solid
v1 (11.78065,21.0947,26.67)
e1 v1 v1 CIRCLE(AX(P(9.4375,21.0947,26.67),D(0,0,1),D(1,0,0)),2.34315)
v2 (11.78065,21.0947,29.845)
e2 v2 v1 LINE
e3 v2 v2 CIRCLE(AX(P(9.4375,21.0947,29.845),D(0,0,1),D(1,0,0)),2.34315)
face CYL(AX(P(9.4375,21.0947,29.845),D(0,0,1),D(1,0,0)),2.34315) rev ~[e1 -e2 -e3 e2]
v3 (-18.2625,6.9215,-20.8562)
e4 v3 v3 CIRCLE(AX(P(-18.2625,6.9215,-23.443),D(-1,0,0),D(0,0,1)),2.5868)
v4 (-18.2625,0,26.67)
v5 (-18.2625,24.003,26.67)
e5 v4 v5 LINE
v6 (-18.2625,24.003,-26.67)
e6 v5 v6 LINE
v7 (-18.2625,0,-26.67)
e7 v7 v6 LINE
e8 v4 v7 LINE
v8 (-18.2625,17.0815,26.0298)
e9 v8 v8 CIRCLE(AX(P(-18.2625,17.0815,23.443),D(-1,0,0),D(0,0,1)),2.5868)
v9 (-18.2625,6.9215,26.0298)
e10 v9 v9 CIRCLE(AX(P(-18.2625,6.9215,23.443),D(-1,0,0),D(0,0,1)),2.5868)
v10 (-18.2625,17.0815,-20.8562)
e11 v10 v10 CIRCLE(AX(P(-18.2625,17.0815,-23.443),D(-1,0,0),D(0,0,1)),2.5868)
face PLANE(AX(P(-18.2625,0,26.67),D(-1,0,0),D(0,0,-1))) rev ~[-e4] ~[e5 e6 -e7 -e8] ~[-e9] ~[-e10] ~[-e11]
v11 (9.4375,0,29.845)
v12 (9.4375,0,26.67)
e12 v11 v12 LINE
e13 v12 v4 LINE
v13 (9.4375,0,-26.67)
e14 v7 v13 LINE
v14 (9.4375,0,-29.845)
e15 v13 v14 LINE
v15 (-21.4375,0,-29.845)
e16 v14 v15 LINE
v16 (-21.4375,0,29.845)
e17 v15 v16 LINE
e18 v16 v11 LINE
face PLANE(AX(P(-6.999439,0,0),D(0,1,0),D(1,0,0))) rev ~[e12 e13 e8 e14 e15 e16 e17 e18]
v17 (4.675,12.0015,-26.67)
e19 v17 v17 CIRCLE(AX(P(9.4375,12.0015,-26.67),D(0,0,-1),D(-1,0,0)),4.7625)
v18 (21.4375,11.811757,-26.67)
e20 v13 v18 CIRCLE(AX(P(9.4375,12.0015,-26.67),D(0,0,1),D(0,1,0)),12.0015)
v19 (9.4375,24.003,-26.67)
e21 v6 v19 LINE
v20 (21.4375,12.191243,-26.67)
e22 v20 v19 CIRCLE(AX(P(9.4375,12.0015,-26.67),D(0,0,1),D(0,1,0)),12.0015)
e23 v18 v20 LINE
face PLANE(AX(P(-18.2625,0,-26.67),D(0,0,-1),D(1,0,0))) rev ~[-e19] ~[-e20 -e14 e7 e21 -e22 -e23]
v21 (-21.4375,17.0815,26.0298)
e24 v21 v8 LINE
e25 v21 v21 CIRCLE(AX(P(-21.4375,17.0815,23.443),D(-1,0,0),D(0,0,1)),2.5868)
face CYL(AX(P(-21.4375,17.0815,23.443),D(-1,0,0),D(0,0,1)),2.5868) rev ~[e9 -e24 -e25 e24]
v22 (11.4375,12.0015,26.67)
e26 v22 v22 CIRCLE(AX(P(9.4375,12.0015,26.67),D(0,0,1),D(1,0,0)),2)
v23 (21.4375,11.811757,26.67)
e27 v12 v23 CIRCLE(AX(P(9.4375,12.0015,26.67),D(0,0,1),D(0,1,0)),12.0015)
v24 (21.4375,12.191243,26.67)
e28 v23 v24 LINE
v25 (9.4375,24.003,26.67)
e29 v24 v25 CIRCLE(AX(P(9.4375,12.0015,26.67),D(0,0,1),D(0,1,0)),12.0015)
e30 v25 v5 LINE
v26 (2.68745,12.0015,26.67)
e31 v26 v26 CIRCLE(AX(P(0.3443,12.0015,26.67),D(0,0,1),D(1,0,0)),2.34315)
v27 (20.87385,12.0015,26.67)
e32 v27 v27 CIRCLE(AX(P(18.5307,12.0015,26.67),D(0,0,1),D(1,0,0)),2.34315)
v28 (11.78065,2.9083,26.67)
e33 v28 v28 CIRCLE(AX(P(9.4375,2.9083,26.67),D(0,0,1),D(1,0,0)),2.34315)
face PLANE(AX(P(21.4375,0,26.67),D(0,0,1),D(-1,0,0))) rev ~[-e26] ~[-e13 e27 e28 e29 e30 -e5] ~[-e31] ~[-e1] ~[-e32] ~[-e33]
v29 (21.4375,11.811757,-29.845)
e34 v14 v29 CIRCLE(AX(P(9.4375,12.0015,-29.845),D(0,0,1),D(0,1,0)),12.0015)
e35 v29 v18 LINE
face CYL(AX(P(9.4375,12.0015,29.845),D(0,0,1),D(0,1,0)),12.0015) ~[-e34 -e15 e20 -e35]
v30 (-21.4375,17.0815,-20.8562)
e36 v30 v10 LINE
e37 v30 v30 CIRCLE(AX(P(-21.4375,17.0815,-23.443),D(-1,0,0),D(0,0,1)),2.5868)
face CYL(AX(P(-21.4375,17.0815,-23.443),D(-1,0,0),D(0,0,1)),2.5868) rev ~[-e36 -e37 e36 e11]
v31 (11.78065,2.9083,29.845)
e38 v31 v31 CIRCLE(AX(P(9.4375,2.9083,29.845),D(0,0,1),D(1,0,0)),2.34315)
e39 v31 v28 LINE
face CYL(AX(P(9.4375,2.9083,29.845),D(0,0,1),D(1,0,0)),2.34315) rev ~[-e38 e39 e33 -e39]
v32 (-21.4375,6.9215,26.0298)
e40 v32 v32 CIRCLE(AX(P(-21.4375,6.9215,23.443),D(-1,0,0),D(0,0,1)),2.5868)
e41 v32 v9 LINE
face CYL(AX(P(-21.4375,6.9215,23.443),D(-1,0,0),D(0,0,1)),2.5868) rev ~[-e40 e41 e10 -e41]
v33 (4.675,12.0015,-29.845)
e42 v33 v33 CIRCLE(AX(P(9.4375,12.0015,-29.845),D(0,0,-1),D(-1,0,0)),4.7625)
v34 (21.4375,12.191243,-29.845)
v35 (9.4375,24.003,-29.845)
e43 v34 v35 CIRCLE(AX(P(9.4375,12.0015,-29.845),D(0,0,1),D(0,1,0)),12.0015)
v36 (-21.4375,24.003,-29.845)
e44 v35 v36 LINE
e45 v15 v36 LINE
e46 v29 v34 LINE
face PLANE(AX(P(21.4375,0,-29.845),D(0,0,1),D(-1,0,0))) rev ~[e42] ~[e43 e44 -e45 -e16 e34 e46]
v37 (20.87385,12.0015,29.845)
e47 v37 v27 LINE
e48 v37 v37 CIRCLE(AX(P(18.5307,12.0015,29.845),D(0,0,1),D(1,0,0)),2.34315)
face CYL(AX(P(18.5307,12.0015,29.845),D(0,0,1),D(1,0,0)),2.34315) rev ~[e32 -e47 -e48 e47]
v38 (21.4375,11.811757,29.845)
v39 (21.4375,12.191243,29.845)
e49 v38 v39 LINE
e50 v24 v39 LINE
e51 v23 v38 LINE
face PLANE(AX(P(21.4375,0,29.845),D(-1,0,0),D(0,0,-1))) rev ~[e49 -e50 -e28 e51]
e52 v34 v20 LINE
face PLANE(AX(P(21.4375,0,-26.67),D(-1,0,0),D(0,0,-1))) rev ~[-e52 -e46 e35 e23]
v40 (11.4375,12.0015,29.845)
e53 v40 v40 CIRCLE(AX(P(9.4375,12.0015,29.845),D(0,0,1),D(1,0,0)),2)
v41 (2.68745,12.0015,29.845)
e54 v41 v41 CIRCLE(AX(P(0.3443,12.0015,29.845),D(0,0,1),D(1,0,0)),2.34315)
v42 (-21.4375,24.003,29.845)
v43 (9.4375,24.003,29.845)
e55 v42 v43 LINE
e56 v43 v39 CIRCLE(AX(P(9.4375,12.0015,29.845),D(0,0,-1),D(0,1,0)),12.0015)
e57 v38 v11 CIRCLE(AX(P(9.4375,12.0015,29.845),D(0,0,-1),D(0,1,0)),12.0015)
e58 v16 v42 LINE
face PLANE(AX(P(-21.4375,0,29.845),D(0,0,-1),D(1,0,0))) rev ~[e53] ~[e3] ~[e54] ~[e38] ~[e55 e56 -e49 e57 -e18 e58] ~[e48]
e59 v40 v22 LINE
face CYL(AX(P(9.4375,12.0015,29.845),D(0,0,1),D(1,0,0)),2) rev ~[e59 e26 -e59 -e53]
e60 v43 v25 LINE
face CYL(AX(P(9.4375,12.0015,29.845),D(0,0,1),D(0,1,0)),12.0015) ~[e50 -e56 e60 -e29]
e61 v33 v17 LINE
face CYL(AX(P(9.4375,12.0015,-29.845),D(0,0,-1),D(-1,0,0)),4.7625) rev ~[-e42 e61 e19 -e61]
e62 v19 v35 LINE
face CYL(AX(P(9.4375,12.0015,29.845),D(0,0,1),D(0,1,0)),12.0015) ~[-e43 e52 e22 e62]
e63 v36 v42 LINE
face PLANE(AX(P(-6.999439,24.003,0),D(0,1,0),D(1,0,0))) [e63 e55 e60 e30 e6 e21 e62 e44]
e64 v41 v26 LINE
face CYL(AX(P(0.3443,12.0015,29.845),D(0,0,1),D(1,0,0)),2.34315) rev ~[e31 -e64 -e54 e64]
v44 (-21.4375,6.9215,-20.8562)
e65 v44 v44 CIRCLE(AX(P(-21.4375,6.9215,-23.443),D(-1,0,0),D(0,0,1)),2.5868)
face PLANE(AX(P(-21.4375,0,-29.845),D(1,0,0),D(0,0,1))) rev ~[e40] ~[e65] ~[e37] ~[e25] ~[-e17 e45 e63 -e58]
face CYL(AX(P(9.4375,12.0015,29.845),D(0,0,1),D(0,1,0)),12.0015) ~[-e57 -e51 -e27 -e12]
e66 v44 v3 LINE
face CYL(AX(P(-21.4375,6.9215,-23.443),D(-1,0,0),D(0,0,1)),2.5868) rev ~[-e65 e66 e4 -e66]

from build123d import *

# Parameters (mm, degrees)
BOSS_EXTRUDE1_DEPTH = 24.003
CUT_EXTRUDE1_DEPTH  = 68.813026147
CUT_EXTRUDE2_REACH  = 69.813
SKETCH3_R           = 2
SKETCH3_R_2         = 2.34315
CUT_EXTRUDE3_REACH  = 69.813
SKETCH4_R           = 4.7625
CUT_EXTRUDE4_REACH  = 59.49
SKETCH5_R           = 2.5868


with BuildPart() as part:
    # Sketch1 → Boss-Extrude1 (new body)
    with BuildSketch(Plane(origin=(0, 0, 0), x_dir=(1, 0, 0), z_dir=(0, 1, 0))):
        Polygon((-21.4375, -29.845), (21.4375, -29.845), (21.4375, -26.67), (-18.2625, -26.67), (-18.2625, 26.67), (21.4375, 26.67), (21.4375, 29.845), (-21.4375, 29.845), align=None)
    extrude(amount=BOSS_EXTRUDE1_DEPTH)

    # Sketch2 → Cut-Extrude1 (cut, through all)
    with BuildSketch(Plane.XY.offset(29.845)):
        with BuildLine():
            Line((112.499618931, 24.003), (15.0875, 24.003))
            Line((15.0875, 24.003), (9.4375, 24.003))
            ThreePointArc((9.4375, 24.003), (21.439, 12.0015), (9.4375, 0))
            Line((9.4375, 0), (15.0875, 0))
            Line((15.0875, 0), (112.499618931, 0))
            Line((112.499618931, 0), (307.323856793, 0))
            Line((307.323856793, 0), (307.323856793, 24.003))
            Line((307.323856793, 24.003), (112.499618931, 24.003))
        make_face()
    extrude(amount=-CUT_EXTRUDE1_DEPTH, mode=Mode.SUBTRACT)

    # Sketch3 → Cut-Extrude2 (cut, up to next)
    with BuildSketch(Plane.XY.offset(29.845), mode=Mode.PRIVATE) as cut_extrude2_sk1:
        with Locations((9.4375, 12.0015)):
            Circle(SKETCH3_R)
    cut_extrude2_tool1 = extrude(cut_extrude2_sk1.sketch, amount=-CUT_EXTRUDE2_REACH, mode=Mode.PRIVATE) & part.part
    # Sketch3 → Cut-Extrude2 (cut, up to next)
    with BuildSketch(Plane.XY.offset(29.845), mode=Mode.PRIVATE) as cut_extrude2_sk2:
        with Locations((9.4375, 21.0947)):
            Circle(SKETCH3_R_2)
    cut_extrude2_tool2 = extrude(cut_extrude2_sk2.sketch, amount=-CUT_EXTRUDE2_REACH, mode=Mode.PRIVATE) & part.part
    # Sketch3 → Cut-Extrude2 (cut, up to next)
    with BuildSketch(Plane.XY.offset(29.845), mode=Mode.PRIVATE) as cut_extrude2_sk3:
        with Locations((18.5307, 12.0015)):
            Circle(SKETCH3_R_2)
    cut_extrude2_tool3 = extrude(cut_extrude2_sk3.sketch, amount=-CUT_EXTRUDE2_REACH, mode=Mode.PRIVATE) & part.part
    # Sketch3 → Cut-Extrude2 (cut, up to next)
    with BuildSketch(Plane.XY.offset(29.845), mode=Mode.PRIVATE) as cut_extrude2_sk4:
        with Locations((9.4375, 2.9083)):
            Circle(SKETCH3_R_2)
    cut_extrude2_tool4 = extrude(cut_extrude2_sk4.sketch, amount=-CUT_EXTRUDE2_REACH, mode=Mode.PRIVATE) & part.part
    # Sketch3 → Cut-Extrude2 (cut, up to next)
    with BuildSketch(Plane.XY.offset(29.845), mode=Mode.PRIVATE) as cut_extrude2_sk5:
        with Locations((0.3443, 12.0015)):
            Circle(SKETCH3_R_2)
    cut_extrude2_tool5 = extrude(cut_extrude2_sk5.sketch, amount=-CUT_EXTRUDE2_REACH, mode=Mode.PRIVATE) & part.part
    add(cut_extrude2_tool1.solids().sort_by_distance((9.4375, 12.0015, 29.845))[0], mode=Mode.SUBTRACT)
    add(cut_extrude2_tool2.solids().sort_by_distance((9.4375, 21.0947, 29.845))[0], mode=Mode.SUBTRACT)
    add(cut_extrude2_tool3.solids().sort_by_distance((18.5307, 12.0015, 29.845))[0], mode=Mode.SUBTRACT)
    add(cut_extrude2_tool4.solids().sort_by_distance((9.4375, 2.9083, 29.845))[0], mode=Mode.SUBTRACT)
    add(cut_extrude2_tool5.solids().sort_by_distance((0.3443, 12.0015, 29.845))[0], mode=Mode.SUBTRACT)

    # Sketch4 → Cut-Extrude3 (cut, up to next)
    with BuildSketch(Plane(origin=(0, 0, -29.845), x_dir=(-1, 0, 0), z_dir=(0, 0, -1)), mode=Mode.PRIVATE) as cut_extrude3_sk1:
        with Locations((-9.4375, 12.0015)):
            Circle(SKETCH4_R)
    cut_extrude3_tool1 = extrude(cut_extrude3_sk1.sketch, amount=-CUT_EXTRUDE3_REACH, mode=Mode.PRIVATE) & part.part
    add(cut_extrude3_tool1.solids().sort_by_distance((9.4375, 12.0015, -29.845))[0], mode=Mode.SUBTRACT)

    # Sketch5 → Cut-Extrude4 (cut, up to next)
    with BuildSketch(Plane.ZY.offset(21.4375), mode=Mode.PRIVATE) as cut_extrude4_sk1:
        with Locations((-23.443, 17.0815)):
            Circle(SKETCH5_R)
    cut_extrude4_tool1 = extrude(cut_extrude4_sk1.sketch, amount=-CUT_EXTRUDE4_REACH, mode=Mode.PRIVATE) & part.part
    # Sketch5 → Cut-Extrude4 (cut, up to next)
    with BuildSketch(Plane.ZY.offset(21.4375), mode=Mode.PRIVATE) as cut_extrude4_sk2:
        with Locations((-23.443, 6.9215)):
            Circle(SKETCH5_R)
    cut_extrude4_tool2 = extrude(cut_extrude4_sk2.sketch, amount=-CUT_EXTRUDE4_REACH, mode=Mode.PRIVATE) & part.part
    # Sketch5 → Cut-Extrude4 (cut, up to next)
    with BuildSketch(Plane.ZY.offset(21.4375), mode=Mode.PRIVATE) as cut_extrude4_sk3:
        with Locations((23.443, 6.9215)):
            Circle(SKETCH5_R)
    cut_extrude4_tool3 = extrude(cut_extrude4_sk3.sketch, amount=-CUT_EXTRUDE4_REACH, mode=Mode.PRIVATE) & part.part
    # Sketch5 → Cut-Extrude4 (cut, up to next)
    with BuildSketch(Plane.ZY.offset(21.4375), mode=Mode.PRIVATE) as cut_extrude4_sk4:
        with Locations((23.443, 17.0815)):
            Circle(SKETCH5_R)
    cut_extrude4_tool4 = extrude(cut_extrude4_sk4.sketch, amount=-CUT_EXTRUDE4_REACH, mode=Mode.PRIVATE) & part.part
    add(cut_extrude4_tool1.solids().sort_by_distance((-21.4375, 17.0815, -23.443))[0], mode=Mode.SUBTRACT)
    add(cut_extrude4_tool2.solids().sort_by_distance((-21.4375, 6.9215, -23.443))[0], mode=Mode.SUBTRACT)
    add(cut_extrude4_tool3.solids().sort_by_distance((-21.4375, 6.9215, 23.443))[0], mode=Mode.SUBTRACT)
    add(cut_extrude4_tool4.solids().sort_by_distance((-21.4375, 17.0815, 23.443))[0], mode=Mode.SUBTRACT)


solid = part.part
